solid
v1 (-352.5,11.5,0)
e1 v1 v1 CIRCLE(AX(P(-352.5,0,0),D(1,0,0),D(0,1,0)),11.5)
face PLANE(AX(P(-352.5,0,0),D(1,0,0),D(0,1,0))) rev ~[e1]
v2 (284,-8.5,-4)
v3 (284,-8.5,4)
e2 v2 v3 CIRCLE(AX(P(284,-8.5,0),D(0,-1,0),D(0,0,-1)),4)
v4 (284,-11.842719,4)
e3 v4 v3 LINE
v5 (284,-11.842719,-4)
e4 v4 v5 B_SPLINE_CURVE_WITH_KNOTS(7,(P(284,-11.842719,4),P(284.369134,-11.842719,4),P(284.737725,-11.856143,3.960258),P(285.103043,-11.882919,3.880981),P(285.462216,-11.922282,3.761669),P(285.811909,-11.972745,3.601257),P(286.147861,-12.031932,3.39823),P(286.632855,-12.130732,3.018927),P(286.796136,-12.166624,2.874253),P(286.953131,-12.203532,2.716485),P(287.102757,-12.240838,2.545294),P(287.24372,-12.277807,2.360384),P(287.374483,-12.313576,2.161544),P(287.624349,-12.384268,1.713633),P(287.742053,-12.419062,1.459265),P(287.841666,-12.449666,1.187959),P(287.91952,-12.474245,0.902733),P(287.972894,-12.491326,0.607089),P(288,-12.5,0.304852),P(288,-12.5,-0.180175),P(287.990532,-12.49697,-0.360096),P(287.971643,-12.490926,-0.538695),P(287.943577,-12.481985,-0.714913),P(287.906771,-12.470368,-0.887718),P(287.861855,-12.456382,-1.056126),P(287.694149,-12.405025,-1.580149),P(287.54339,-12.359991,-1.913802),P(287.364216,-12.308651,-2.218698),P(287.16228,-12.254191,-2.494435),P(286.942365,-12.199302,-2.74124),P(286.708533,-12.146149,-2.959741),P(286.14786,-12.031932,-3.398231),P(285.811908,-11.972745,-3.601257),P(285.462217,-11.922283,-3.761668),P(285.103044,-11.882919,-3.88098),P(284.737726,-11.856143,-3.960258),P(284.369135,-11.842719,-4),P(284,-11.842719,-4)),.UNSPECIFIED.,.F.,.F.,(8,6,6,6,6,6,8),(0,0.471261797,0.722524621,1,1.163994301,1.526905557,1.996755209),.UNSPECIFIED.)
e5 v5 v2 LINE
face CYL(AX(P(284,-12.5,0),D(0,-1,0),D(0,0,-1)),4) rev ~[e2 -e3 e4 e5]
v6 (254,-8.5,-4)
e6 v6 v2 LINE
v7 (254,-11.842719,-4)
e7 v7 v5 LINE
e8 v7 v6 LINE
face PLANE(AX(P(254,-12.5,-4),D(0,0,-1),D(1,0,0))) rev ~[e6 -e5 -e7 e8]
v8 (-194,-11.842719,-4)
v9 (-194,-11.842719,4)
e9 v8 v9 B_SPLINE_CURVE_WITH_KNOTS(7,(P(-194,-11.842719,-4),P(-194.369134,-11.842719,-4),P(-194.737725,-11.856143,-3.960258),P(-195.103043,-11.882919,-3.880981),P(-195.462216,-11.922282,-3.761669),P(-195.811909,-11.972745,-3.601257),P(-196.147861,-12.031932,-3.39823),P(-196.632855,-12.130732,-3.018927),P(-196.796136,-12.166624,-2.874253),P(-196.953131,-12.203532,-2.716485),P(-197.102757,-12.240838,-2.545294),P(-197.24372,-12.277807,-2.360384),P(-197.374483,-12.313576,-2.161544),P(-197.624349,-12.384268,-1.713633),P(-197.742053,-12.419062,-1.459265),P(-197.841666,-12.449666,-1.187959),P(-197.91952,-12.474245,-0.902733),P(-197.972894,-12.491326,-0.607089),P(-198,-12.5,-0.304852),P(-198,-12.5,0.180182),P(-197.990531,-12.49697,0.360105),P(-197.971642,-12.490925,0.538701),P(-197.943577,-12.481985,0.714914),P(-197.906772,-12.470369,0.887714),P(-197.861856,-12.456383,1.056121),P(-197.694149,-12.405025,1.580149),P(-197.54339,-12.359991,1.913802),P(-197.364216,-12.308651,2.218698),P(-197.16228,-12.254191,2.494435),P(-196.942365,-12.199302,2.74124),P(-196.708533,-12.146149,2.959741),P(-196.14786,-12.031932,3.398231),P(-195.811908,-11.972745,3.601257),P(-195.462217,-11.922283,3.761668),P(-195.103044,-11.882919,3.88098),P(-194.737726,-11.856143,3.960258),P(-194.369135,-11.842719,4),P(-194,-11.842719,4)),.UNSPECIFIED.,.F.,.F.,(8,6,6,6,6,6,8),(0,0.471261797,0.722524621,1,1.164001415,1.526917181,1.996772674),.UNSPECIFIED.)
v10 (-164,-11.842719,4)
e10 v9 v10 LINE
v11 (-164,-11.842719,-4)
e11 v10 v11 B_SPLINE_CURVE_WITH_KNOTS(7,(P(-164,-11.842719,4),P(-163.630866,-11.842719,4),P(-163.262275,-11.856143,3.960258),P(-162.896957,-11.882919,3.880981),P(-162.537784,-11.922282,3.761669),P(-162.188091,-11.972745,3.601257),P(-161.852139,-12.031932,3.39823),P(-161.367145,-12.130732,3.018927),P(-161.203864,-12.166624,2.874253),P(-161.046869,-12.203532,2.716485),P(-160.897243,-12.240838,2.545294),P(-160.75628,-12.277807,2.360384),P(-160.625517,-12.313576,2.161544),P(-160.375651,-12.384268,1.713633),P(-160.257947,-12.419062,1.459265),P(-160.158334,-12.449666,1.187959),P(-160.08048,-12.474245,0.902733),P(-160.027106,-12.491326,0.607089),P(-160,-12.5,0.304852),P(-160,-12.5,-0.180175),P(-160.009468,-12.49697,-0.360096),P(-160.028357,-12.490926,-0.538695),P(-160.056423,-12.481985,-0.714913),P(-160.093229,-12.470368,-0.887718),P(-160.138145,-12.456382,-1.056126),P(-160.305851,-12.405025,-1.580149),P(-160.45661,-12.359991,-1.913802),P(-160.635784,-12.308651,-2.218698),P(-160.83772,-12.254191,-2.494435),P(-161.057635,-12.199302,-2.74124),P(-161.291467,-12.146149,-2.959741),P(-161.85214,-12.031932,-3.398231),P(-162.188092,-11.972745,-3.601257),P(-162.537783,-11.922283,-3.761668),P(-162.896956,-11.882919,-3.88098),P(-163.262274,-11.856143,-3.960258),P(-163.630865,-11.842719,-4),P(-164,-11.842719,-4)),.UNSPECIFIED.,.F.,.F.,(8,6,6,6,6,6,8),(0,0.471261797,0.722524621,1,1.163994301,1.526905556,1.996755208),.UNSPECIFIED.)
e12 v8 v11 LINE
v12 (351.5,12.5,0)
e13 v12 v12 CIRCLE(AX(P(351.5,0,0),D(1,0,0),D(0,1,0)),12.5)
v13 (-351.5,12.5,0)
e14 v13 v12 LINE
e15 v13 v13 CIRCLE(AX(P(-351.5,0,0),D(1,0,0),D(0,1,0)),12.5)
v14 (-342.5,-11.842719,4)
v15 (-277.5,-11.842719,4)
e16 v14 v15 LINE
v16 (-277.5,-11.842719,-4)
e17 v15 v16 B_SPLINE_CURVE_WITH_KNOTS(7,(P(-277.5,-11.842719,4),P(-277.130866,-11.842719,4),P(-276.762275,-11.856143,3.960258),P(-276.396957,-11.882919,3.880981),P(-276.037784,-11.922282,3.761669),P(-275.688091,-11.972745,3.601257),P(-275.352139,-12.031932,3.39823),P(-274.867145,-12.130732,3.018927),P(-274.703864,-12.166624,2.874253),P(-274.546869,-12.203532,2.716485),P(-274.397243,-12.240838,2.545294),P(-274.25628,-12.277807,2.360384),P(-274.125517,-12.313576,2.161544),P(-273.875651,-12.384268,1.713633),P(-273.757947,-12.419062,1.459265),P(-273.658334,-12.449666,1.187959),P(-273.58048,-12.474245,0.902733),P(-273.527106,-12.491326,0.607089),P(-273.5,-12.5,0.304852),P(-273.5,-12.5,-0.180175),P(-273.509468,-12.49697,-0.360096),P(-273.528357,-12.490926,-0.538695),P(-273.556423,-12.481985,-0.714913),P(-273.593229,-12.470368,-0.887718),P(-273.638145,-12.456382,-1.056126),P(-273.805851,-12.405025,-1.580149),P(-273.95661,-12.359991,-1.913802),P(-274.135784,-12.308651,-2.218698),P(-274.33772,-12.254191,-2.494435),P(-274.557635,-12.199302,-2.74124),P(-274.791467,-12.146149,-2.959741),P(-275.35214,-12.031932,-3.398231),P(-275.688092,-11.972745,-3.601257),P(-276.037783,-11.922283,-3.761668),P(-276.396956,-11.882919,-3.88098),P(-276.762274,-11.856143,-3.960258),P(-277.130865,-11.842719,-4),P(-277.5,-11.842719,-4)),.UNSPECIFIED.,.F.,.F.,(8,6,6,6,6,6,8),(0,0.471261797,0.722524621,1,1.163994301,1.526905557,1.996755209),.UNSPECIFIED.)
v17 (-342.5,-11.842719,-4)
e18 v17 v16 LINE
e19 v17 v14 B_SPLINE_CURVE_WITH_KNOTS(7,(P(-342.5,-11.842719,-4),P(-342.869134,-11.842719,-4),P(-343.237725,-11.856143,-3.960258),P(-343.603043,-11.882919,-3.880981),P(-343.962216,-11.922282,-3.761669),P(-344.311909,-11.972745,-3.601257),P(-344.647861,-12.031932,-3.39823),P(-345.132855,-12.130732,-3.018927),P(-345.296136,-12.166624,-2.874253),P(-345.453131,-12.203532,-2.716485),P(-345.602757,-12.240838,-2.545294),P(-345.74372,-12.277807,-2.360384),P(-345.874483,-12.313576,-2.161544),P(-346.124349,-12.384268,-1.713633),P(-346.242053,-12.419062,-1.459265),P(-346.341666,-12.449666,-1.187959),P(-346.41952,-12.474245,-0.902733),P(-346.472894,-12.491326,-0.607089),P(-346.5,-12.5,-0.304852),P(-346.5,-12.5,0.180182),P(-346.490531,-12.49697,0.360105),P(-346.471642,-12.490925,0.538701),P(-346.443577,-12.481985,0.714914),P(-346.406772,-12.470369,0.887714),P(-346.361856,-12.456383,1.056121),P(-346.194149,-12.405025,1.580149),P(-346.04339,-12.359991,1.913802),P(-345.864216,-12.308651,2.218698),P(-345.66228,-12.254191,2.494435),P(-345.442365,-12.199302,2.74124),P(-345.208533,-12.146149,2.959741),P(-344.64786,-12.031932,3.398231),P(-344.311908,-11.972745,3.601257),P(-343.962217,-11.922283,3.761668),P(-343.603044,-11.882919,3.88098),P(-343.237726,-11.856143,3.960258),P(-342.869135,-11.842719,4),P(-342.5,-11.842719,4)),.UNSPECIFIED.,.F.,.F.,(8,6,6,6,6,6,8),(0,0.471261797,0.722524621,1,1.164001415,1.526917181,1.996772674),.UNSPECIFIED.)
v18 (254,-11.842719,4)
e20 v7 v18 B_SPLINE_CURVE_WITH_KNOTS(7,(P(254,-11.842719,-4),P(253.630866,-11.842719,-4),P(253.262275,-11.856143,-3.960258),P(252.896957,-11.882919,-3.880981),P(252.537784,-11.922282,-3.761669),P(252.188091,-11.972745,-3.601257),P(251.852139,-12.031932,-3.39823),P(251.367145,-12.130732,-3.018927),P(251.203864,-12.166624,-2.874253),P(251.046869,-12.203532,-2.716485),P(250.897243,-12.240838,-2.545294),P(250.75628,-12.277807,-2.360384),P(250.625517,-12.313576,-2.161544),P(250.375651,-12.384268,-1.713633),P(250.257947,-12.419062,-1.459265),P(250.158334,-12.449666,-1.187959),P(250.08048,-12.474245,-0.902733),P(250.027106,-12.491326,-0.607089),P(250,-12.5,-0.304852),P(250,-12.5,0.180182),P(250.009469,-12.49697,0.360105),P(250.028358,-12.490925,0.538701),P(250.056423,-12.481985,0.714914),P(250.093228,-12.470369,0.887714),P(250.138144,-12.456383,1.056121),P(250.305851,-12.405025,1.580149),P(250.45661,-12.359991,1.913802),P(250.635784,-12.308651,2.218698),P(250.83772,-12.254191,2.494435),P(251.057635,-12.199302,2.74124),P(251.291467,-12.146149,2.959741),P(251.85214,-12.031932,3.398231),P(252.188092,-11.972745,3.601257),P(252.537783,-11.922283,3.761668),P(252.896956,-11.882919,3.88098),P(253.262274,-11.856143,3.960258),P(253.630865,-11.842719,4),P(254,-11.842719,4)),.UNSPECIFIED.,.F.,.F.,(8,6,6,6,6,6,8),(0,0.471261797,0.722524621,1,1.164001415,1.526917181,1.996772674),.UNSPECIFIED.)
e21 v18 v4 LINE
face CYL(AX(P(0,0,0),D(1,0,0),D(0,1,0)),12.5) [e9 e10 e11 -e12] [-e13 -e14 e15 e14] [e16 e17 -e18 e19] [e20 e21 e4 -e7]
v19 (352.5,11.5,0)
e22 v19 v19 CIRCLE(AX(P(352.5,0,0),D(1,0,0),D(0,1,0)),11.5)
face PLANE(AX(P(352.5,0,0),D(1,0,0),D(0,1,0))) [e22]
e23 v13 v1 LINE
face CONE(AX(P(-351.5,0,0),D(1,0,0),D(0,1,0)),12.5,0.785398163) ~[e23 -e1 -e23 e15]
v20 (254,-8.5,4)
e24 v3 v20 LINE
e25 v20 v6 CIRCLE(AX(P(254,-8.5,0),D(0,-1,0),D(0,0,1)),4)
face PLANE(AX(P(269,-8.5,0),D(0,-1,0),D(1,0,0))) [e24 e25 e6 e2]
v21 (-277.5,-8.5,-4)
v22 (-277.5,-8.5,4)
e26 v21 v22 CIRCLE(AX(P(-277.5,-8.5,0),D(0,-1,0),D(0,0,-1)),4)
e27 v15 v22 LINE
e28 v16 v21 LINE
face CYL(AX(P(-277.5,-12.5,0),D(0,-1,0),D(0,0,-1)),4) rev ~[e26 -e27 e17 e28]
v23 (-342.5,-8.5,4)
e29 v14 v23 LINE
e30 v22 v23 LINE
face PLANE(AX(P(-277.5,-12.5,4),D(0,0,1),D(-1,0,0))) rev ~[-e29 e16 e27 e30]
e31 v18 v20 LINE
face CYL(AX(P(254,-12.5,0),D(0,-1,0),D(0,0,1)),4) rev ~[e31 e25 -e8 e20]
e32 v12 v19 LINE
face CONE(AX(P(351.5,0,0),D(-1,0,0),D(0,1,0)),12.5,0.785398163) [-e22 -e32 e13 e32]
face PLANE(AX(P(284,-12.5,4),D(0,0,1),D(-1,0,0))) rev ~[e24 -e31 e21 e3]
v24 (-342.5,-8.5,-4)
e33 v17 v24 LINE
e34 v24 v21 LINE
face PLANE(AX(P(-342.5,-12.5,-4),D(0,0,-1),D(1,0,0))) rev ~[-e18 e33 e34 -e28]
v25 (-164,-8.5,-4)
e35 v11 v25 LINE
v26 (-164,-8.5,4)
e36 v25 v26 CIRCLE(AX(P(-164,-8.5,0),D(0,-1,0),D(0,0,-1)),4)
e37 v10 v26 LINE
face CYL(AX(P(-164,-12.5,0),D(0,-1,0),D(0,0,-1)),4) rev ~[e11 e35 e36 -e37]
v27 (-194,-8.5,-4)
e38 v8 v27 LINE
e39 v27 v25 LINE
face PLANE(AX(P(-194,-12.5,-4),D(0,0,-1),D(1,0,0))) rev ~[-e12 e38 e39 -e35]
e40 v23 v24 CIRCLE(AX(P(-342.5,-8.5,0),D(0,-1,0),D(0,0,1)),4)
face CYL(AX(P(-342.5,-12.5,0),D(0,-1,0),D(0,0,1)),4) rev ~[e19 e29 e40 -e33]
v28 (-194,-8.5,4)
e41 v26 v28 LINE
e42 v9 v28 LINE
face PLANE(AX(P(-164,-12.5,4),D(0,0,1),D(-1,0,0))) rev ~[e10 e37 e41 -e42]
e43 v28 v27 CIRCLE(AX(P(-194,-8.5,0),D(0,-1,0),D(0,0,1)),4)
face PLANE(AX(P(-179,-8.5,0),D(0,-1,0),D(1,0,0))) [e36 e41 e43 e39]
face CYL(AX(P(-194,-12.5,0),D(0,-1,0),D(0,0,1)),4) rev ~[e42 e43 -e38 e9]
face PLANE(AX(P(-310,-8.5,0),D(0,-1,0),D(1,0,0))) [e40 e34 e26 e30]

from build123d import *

# Parameters (mm, degrees)
F0_R     = 12.5
F1_DEPTH = 352.5
F4_DEPTH = 4
F5_SIZE  = 1


with BuildPart() as f1:
    # F0 (on Right) → F1 (new body, symmetric)
    with BuildSketch(Plane.YZ):
        Circle(F0_R)
    extrude(amount=F1_DEPTH, both=True)

    # F3 (on offset) → F4 (cut)
    with BuildSketch(Plane.XZ.offset(12.5)):
        with BuildLine():
            ThreePointArc((-342.5, 4), (-346.5, 0), (-342.5, -4))
            Line((-342.5, -4), (-277.5, -4))
            ThreePointArc((-277.5, -4), (-273.5, 0), (-277.5, 4))
            Line((-277.5, 4), (-342.5, 4))
        make_face()
        with BuildLine():
            ThreePointArc((-194, 4), (-198, 0), (-194, -4))
            Line((-194, -4), (-164, -4))
            ThreePointArc((-164, -4), (-160, 0), (-164, 4))
            Line((-164, 4), (-194, 4))
        make_face()
        with BuildLine():
            ThreePointArc((254, 4), (250, 0), (254, -4))
            Line((254, -4), (284, -4))
            ThreePointArc((284, -4), (288, 0), (284, 4))
            Line((284, 4), (254, 4))
        make_face()
    extrude(amount=-F4_DEPTH, mode=Mode.SUBTRACT)

    # F5
    f5_edges = [f1.edges().sort_by_distance(p)[0] for p in [
        (352.5, -12.5, 0),
        (-352.5, -12.5, 0),
    ]]
    chamfer(f5_edges, length=F5_SIZE)


solid = f1.part
